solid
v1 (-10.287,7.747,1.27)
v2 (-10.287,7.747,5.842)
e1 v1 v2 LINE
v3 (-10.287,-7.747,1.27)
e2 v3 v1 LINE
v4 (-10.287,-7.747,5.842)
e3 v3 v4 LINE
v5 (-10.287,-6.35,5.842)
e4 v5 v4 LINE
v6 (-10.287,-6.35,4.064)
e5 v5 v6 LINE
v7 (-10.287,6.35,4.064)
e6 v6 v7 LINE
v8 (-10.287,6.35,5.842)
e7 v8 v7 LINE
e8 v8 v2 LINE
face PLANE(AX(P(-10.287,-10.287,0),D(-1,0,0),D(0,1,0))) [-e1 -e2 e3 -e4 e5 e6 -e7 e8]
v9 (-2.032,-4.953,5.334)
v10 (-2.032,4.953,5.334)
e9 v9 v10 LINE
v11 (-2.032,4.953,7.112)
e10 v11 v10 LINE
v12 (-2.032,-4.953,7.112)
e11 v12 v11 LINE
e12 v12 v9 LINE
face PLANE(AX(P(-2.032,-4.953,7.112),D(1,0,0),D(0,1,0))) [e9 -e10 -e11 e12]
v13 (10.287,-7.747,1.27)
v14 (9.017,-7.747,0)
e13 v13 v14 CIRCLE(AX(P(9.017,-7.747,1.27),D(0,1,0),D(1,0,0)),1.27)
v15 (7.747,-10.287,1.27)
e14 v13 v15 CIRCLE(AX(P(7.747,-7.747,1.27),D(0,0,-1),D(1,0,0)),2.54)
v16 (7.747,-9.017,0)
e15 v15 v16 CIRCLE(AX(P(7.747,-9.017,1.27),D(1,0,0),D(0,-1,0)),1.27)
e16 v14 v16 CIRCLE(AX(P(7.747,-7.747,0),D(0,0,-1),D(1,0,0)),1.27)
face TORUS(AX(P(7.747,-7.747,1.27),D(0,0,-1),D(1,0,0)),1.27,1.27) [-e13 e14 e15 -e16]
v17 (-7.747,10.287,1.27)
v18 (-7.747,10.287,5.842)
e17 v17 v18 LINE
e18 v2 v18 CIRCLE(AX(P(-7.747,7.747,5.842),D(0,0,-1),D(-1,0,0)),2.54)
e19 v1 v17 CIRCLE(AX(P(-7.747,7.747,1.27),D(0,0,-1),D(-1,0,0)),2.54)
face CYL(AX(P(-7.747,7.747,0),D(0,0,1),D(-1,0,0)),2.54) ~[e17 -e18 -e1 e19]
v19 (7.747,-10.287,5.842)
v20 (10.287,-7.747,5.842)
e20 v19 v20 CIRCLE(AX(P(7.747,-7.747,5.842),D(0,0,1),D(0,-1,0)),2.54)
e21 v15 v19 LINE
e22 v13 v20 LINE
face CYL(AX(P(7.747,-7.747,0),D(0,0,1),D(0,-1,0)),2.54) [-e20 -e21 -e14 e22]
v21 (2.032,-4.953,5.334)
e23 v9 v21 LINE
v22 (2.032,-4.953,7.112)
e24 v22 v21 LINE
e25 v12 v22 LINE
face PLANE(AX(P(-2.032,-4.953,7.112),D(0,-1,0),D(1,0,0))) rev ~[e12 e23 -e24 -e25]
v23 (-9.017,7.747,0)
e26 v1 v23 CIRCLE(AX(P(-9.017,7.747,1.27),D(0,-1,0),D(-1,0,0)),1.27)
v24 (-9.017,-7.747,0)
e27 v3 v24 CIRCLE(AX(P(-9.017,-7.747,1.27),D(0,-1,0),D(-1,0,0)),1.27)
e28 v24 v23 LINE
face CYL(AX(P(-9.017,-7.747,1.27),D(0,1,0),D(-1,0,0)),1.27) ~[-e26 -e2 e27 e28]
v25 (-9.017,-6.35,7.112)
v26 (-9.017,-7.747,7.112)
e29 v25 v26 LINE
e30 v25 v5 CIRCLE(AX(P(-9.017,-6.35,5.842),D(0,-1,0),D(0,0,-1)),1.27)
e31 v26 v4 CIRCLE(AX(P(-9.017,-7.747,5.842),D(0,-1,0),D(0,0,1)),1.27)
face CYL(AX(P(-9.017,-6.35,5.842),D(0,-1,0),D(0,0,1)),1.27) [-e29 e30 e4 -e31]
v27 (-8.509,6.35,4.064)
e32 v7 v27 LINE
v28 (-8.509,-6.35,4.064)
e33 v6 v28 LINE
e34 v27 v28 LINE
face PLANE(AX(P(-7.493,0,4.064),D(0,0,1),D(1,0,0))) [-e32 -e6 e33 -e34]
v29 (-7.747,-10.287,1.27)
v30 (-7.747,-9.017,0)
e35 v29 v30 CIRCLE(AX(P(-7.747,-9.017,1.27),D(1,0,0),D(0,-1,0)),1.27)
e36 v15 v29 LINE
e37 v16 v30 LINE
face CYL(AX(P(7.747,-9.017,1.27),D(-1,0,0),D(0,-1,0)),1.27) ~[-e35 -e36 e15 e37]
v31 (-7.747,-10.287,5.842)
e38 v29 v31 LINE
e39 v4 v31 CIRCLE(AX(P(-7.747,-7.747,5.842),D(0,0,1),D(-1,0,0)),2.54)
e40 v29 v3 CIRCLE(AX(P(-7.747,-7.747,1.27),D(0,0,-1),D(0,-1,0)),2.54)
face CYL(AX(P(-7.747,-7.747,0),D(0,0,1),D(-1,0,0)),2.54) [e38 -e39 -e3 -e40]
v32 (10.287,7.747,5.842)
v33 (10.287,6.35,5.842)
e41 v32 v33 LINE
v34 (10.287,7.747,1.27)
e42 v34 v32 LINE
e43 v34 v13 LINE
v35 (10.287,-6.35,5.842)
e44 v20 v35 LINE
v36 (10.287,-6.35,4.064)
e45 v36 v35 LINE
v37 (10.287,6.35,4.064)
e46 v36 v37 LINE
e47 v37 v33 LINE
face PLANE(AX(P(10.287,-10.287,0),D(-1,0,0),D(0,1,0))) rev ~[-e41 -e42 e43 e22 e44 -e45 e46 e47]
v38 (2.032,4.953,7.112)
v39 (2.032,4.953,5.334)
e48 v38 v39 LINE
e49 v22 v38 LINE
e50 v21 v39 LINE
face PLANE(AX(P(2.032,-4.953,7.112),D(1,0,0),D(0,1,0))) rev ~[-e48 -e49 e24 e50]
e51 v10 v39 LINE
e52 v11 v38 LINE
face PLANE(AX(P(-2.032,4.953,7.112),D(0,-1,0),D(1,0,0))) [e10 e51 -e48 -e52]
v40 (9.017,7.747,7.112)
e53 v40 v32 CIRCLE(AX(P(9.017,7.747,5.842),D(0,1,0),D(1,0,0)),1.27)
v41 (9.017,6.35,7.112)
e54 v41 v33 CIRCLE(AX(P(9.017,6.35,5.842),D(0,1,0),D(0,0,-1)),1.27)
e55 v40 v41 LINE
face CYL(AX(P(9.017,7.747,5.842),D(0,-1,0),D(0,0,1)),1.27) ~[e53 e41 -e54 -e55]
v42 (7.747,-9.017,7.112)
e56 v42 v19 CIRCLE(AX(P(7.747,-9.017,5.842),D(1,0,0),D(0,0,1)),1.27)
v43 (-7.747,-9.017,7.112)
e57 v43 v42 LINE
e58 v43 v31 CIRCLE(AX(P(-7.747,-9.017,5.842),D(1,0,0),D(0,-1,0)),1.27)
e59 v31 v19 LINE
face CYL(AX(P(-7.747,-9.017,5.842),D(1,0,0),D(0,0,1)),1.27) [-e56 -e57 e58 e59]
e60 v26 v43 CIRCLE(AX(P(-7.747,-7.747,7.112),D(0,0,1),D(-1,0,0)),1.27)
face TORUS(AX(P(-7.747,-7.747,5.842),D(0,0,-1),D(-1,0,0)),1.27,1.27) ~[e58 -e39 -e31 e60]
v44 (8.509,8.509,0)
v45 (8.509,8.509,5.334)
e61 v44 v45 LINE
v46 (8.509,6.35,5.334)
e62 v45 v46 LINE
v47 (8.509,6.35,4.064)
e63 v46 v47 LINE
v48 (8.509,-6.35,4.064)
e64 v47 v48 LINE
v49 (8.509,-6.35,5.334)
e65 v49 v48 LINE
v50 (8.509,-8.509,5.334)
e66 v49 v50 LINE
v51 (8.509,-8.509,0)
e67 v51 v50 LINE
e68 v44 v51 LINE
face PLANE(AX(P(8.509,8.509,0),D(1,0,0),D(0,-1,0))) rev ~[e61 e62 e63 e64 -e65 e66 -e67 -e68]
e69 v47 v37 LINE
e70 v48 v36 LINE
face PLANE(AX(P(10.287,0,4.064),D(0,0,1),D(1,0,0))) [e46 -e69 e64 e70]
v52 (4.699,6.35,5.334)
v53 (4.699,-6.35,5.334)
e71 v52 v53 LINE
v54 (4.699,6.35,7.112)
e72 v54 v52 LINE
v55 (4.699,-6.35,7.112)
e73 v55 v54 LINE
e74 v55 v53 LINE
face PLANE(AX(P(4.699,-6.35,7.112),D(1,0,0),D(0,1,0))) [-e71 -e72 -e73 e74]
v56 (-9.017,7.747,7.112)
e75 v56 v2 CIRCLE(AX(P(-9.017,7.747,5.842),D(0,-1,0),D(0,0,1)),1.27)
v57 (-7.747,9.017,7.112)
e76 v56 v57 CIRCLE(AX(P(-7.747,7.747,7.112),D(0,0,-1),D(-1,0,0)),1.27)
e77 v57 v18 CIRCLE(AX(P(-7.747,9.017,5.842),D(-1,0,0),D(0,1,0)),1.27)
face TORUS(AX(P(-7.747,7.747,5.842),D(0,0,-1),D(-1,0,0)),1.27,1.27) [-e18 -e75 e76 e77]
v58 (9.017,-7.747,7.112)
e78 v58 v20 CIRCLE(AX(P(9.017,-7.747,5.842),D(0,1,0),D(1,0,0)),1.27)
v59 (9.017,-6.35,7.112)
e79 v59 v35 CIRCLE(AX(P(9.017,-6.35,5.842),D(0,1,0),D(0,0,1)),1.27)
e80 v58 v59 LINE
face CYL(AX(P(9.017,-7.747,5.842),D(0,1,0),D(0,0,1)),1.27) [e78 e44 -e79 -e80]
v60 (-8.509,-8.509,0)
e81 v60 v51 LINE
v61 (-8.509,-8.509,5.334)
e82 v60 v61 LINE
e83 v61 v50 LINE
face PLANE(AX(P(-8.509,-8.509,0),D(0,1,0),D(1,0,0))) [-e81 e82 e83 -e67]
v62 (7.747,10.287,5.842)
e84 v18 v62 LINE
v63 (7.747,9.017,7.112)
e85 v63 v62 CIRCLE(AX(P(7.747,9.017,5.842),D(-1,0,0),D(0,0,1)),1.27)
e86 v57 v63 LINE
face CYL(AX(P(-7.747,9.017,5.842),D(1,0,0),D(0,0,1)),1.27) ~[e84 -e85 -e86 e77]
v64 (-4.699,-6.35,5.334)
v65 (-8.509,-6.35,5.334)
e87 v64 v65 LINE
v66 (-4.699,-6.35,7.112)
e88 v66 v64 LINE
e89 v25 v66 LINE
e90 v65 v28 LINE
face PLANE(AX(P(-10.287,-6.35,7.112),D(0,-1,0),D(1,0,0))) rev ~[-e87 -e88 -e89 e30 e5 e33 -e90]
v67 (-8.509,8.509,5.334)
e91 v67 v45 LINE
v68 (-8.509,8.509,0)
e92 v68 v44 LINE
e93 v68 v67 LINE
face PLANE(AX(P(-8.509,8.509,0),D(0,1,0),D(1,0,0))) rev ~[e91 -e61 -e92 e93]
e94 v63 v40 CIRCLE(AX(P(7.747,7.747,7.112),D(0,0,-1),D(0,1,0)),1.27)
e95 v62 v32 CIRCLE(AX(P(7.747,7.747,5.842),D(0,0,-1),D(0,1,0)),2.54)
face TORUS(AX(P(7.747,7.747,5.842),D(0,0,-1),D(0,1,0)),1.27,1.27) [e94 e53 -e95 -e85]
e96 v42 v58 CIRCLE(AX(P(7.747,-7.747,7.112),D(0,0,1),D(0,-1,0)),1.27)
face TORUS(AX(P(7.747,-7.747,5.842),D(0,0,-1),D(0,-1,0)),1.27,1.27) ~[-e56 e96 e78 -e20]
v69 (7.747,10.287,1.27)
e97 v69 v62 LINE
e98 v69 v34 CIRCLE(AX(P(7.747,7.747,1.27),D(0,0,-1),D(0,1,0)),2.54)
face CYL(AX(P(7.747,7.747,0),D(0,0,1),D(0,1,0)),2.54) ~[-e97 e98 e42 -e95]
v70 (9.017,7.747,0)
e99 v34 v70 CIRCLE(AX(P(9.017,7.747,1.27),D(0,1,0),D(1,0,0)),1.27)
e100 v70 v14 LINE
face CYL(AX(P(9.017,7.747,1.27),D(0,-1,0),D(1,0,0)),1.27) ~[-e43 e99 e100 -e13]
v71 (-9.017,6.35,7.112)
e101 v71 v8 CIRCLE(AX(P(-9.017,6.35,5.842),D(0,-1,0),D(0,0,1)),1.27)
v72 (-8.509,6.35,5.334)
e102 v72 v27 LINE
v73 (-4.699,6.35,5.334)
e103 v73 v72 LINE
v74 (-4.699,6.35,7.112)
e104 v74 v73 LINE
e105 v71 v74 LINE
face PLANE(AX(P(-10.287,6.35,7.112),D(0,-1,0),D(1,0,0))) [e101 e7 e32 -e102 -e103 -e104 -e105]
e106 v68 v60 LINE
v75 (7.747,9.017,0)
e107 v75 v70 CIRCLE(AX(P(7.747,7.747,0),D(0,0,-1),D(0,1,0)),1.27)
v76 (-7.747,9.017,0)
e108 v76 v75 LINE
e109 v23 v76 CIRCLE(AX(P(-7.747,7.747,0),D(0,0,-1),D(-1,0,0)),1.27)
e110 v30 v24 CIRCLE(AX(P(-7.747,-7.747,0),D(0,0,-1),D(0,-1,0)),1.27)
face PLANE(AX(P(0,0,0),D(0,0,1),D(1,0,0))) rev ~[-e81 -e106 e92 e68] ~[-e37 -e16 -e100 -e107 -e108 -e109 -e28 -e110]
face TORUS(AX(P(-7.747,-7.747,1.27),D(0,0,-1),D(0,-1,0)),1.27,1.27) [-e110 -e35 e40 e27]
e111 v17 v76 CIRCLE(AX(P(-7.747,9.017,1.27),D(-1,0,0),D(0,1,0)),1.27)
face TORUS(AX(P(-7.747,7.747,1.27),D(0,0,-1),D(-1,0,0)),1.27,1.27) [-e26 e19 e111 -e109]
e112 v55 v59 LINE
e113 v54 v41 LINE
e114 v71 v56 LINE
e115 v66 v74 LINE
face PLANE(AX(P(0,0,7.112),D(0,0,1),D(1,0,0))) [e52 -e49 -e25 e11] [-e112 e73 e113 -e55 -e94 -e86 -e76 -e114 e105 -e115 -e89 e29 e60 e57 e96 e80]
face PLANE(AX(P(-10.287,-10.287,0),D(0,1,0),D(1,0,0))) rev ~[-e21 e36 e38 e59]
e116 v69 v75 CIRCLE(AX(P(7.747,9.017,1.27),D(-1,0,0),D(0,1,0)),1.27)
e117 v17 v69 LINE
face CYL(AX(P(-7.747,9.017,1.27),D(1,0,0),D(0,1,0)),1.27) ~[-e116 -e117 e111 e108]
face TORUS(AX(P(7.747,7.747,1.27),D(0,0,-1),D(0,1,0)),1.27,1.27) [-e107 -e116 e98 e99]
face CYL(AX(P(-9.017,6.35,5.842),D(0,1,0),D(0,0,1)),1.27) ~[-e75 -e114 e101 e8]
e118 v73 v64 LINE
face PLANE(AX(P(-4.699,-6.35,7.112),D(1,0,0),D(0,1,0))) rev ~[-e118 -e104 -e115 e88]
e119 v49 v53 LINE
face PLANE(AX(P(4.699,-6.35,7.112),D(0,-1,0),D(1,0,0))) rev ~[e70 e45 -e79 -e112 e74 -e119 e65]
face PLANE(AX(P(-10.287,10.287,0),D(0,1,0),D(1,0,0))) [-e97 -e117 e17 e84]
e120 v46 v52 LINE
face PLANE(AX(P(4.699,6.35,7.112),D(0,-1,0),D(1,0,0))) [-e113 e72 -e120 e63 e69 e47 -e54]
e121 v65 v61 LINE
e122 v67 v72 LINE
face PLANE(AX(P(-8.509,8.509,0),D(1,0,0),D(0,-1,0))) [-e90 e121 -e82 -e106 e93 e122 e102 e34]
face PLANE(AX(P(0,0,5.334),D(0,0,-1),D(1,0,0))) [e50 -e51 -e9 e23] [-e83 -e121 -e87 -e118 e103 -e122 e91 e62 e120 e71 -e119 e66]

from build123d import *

# Parameters (mm, degrees)
F0_W      = 20.574
F0_H      = 20.574
F1_DEPTH  = 7.112
F2_W      = 17.018
F2_H      = 17.018
F3_DEPTH  = 5.334
F4_R      = 2.54
F5_W      = 5.588
F5_H      = 12.7
F6_DEPTH  = 3.048
F7_W      = 11.176
F7_H      = 12.7
F8_DEPTH  = 3.048
F9_W      = 4.064
F9_H      = 9.906
F10_DEPTH = 1.778
F11_R     = 1.27
F12_R     = 1.27


with BuildPart() as f1:
    # F0 (on Top) → F1 (new body)
    with BuildSketch(Plane.XY):
        Rectangle(F0_W, F0_H)
    extrude(amount=F1_DEPTH)

    # F2 (on face) → F3 (cut)
    with BuildSketch(Plane(origin=(0, 0, 0), x_dir=(1, 0, 0), z_dir=(0, 0, -1))):
        Rectangle(F2_W, F2_H)
    extrude(amount=-F3_DEPTH, mode=Mode.SUBTRACT)

    # F4
    f4_edges = [f1.edges().sort_by_distance(p)[0] for p in [
        (-10.287, -10.287, 3.556),
        (10.287, 10.287, 3.556),
        (10.287, -10.287, 3.556),
        (-10.287, 10.287, 3.556),
    ]]
    fillet(f4_edges, radius=F4_R)

    # F5 (on face) → F6 (cut)
    with BuildSketch(Plane.XY.offset(7.112)):
        with Locations((-7.493, 0)):
            Rectangle(F5_W, F5_H)
    extrude(amount=-F6_DEPTH, mode=Mode.SUBTRACT)

    # F7 (on face) → F8 (cut)
    with BuildSketch(Plane.XY.offset(7.112)):
        with Locations((10.287, 0)):
            Rectangle(F7_W, F7_H)
    extrude(amount=-F8_DEPTH, mode=Mode.SUBTRACT)

    # F9 (on face) → F10 (cut)
    with BuildSketch(Plane.XY.offset(7.112)):
        Rectangle(F9_W, F9_H)
    extrude(amount=-F10_DEPTH, mode=Mode.SUBTRACT)

    # F11
    f11_edges = [f1.edges().sort_by_distance(p)[0] for p in [
        (0, 10.287, 7.112),
        (0, -10.287, 7.112),
    ]]
    fillet(f11_edges, radius=F11_R)

    # F12
    f12_edges = [f1.edges().sort_by_distance(p)[0] for p in [
        (-10.287, 0, 0),
        (0, 10.287, 0),
        (-9.543051, 9.543051, 0),
    ]]
    fillet(f12_edges, radius=F12_R)


solid = f1.part
